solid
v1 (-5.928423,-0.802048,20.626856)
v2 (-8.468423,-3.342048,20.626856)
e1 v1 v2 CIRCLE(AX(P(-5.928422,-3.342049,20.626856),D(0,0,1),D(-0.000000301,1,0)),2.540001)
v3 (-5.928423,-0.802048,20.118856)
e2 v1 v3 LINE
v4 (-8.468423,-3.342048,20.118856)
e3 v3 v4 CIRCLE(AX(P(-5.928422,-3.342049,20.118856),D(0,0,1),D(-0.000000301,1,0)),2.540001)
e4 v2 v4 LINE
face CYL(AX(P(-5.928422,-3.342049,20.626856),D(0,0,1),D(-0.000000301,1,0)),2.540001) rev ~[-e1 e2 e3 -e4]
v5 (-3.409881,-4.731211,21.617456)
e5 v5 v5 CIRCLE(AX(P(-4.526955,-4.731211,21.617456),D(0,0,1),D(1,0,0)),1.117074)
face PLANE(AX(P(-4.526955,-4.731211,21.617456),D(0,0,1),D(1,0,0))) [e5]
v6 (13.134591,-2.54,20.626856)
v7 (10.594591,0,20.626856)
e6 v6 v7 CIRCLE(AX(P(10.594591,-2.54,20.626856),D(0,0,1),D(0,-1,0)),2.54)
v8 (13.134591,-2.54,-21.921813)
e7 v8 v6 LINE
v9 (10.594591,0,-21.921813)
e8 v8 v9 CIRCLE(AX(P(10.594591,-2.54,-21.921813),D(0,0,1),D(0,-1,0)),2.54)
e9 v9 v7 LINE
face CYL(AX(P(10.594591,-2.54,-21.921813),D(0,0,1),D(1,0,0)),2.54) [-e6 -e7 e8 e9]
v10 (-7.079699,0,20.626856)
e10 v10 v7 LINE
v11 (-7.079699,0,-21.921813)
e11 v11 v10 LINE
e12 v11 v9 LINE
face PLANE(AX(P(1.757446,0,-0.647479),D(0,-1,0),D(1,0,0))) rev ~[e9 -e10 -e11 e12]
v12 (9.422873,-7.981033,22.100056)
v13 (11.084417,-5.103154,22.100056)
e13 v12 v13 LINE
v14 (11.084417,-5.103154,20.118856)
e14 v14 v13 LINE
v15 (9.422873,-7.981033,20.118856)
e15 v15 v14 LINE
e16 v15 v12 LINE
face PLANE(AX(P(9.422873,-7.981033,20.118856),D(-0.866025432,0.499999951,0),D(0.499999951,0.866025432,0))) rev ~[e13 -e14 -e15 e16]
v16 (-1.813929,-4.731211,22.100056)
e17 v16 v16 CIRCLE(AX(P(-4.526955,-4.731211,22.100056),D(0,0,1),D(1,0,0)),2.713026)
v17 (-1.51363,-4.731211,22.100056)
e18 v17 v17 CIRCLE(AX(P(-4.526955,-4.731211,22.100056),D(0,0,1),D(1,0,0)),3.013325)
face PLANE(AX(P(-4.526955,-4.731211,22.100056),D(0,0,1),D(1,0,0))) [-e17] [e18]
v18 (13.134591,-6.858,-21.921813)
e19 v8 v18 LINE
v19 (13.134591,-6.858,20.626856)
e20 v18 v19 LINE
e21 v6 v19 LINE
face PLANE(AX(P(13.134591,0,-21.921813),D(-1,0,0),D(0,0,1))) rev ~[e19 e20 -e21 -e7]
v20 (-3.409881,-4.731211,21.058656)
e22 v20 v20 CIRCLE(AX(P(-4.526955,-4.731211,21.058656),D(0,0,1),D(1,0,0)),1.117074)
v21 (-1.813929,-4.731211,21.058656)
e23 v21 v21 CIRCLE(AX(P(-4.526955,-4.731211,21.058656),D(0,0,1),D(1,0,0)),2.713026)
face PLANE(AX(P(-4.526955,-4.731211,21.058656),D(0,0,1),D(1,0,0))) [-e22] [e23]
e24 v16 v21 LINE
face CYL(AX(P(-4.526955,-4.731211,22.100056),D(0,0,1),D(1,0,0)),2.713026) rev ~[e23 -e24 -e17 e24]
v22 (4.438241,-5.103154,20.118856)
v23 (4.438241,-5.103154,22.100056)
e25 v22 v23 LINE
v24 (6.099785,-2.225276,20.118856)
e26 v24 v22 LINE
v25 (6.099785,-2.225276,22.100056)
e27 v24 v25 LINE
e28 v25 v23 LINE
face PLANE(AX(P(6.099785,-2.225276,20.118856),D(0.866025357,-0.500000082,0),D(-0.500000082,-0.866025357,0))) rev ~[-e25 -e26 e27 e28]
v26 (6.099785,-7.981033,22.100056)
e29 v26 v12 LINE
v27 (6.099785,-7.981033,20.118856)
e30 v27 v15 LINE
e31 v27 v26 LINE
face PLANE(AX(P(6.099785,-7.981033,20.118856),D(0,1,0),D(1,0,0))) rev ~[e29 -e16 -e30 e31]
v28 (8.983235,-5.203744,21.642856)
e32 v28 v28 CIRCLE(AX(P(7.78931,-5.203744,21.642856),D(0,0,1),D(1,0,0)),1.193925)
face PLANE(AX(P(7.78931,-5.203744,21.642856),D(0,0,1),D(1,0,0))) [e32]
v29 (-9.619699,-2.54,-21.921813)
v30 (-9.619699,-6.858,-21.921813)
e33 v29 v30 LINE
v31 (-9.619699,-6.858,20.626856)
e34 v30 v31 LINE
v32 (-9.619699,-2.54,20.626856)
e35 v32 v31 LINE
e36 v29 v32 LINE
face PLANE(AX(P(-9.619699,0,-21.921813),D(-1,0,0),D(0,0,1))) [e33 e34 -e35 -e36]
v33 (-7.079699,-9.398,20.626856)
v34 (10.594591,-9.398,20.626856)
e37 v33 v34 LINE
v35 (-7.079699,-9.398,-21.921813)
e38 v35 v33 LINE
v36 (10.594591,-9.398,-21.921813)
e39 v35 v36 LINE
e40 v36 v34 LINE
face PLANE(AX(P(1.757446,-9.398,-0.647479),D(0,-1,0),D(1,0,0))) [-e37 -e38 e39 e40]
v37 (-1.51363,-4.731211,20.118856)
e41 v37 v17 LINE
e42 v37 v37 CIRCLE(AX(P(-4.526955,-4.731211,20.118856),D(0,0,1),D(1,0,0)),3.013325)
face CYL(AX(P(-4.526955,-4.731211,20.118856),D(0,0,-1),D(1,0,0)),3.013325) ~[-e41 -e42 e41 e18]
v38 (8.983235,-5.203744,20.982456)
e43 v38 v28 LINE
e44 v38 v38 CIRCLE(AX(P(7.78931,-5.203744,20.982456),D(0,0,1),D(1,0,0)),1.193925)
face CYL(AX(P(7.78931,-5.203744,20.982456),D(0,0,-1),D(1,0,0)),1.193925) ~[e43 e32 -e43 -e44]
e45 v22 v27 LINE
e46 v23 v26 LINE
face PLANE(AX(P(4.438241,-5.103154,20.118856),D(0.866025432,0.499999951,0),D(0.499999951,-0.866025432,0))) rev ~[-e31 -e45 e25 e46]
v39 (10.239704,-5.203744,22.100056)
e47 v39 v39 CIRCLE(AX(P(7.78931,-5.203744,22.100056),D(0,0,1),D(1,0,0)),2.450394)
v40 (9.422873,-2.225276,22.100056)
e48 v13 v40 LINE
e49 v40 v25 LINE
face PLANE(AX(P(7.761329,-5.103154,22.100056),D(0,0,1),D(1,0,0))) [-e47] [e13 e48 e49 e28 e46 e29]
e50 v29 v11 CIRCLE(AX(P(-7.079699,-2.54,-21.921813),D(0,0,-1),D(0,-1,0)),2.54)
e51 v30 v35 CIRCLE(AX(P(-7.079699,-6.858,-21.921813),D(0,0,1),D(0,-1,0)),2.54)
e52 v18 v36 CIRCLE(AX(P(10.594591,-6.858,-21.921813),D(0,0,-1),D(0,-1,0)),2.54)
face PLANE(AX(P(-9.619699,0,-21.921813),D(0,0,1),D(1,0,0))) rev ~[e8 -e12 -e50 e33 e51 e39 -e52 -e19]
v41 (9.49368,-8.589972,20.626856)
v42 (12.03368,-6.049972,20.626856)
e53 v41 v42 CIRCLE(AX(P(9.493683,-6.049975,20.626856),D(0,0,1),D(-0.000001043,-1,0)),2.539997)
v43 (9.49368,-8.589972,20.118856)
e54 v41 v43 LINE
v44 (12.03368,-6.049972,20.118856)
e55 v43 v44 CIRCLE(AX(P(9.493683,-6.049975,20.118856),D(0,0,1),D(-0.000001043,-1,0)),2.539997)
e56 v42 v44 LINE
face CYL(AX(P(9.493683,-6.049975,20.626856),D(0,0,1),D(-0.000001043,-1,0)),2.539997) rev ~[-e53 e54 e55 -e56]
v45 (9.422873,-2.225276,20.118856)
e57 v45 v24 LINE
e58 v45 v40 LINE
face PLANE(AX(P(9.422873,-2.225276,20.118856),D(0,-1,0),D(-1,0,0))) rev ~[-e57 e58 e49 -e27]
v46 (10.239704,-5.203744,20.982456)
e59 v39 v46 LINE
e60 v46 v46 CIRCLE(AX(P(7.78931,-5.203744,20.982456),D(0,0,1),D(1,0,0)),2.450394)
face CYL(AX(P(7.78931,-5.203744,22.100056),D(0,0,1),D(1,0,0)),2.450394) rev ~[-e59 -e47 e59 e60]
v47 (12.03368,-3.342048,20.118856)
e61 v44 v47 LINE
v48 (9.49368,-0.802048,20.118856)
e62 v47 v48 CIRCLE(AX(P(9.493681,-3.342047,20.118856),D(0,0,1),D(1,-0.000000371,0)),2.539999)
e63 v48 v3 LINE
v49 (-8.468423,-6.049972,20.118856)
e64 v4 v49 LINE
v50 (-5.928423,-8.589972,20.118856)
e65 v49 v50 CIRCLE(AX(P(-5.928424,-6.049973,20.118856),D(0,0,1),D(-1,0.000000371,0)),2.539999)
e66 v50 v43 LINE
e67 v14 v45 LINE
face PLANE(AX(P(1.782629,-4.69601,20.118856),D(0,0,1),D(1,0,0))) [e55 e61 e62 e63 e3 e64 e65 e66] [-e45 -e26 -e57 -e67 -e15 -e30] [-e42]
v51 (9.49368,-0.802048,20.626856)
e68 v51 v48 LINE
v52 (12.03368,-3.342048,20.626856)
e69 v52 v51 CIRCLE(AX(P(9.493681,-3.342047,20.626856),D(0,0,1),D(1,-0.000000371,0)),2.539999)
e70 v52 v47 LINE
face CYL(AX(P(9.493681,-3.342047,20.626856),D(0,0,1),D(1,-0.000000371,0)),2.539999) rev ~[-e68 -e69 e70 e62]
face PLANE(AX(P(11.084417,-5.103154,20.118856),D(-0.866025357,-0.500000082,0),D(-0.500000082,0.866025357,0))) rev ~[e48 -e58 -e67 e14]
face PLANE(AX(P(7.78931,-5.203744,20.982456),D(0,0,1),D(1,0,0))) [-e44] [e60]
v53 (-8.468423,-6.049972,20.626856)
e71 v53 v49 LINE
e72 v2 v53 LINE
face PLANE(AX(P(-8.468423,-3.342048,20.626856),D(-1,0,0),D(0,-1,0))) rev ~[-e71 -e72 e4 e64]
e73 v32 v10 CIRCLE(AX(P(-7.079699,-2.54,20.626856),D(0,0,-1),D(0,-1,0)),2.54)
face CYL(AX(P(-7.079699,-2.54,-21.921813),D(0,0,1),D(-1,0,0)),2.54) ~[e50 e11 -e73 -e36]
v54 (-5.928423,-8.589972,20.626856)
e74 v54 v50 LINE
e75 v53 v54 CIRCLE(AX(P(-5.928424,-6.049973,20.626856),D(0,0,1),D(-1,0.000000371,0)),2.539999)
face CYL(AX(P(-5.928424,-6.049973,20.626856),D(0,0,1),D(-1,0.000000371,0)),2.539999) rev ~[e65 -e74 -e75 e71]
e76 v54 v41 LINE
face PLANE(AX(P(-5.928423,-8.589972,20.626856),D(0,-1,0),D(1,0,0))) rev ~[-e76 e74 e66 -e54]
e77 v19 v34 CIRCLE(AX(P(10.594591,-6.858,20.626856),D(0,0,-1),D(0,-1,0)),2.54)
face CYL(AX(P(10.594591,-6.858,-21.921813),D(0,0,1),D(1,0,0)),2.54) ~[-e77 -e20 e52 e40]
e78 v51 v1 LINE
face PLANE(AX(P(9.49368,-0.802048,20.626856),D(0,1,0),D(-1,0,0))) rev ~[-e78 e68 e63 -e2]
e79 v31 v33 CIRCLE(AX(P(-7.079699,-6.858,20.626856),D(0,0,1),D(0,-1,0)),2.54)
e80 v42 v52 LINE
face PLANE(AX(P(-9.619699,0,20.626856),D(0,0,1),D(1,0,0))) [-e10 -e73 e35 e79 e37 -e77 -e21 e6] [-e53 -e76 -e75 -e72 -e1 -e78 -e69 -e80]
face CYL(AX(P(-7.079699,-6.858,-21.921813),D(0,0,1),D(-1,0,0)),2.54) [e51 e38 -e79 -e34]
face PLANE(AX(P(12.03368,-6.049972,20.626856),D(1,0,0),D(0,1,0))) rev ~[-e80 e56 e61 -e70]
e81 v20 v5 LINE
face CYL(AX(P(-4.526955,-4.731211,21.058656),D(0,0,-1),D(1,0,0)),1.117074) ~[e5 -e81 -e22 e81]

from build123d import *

# Parameters (mm, degrees)
F0_W      = 22.75429
F0_H      = 42.548669
F1_DEPTH  = 9.398
F2_R      = 2.54
F4_DEPTH  = 0.508
F6_DEPTH  = 1.9812
F7_R      = 3.013325
F8_DEPTH  = 1.9812
F9_R      = 2.713026
F10_DEPTH = 1.0414
F11_R     = 1.117074
F12_DEPTH = 0.5588
F13_R     = 2.450394
F14_DEPTH = 1.1176
F15_R     = 1.193925
F16_DEPTH = 0.6604


with BuildPart() as f1:
    # F0 (on Front) → F1 (new body)
    with BuildSketch(Plane.XZ):
        with Locations((1.757446, -0.647479)):
            Rectangle(F0_W, F0_H)
    extrude(amount=F1_DEPTH)

    # F2
    f2_edges = [f1.edges().sort_by_distance(p)[0] for p in [
        (13.134591, -9.398, -0.647479),
        (-9.619699, -9.398, -0.647479),
        (13.134591, 0, -0.647479),
        (-9.619699, 0, -0.647479),
    ]]
    fillet(f2_edges, radius=F2_R)

    # F3 (on face) → F4 (cut)
    with BuildSketch(Plane.XY.offset(20.626856)):
        with BuildLine():
            Line((9.49368, -0.802048), (-5.928423, -0.802048))
            ThreePointArc((-5.928423, -0.802048), (-7.724474, -1.545997), (-8.468423, -3.342048))
            Line((-8.468423, -3.342048), (-8.468423, -6.049972))
            ThreePointArc((-8.468423, -6.049972), (-7.724474, -7.846024), (-5.928423, -8.589972))
            Line((-5.928423, -8.589972), (9.49368, -8.589972))
            ThreePointArc((9.49368, -8.589972), (11.289732, -7.846024), (12.03368, -6.049972))
            Line((12.03368, -6.049972), (12.03368, -3.342048))
            ThreePointArc((12.03368, -3.342048), (11.289732, -1.545997), (9.49368, -0.802048))
        make_face()
    extrude(amount=-F4_DEPTH, mode=Mode.SUBTRACT)

    # F5 (on face) → F6 (join)
    with BuildSketch(Plane.XY.offset(20.118856)):
        Polygon((9.422873, -2.225276), (6.099785, -2.225276), (4.438241, -5.103154), (6.099785, -7.981033), (9.422873, -7.981033), (11.084417, -5.103154), align=None)
    extrude(amount=F6_DEPTH)

    # F7 (on face) → F8 (join)
    with BuildSketch(Plane.XY.offset(20.118856)):
        with Locations((-4.526955, -4.731211)):
            Circle(F7_R)
    extrude(amount=F8_DEPTH)

    # F9 (on face) → F10 (cut)
    with BuildSketch(Plane.XY.offset(22.100056)):
        with Locations((-4.526955, -4.731211)):
            Circle(F9_R)
    extrude(amount=-F10_DEPTH, mode=Mode.SUBTRACT)

    # F11 (on face) → F12 (join)
    with BuildSketch(Plane.XY.offset(21.058656)):
        with Locations((-4.526955, -4.731211)):
            Circle(F11_R)
    extrude(amount=F12_DEPTH)

    # F13 (on face) → F14 (cut)
    with BuildSketch(Plane.XY.offset(22.100056)):
        with Locations((7.78931, -5.203744)):
            Circle(F13_R)
    extrude(amount=-F14_DEPTH, mode=Mode.SUBTRACT)

    # F15 (on face) → F16 (join)
    with BuildSketch(Plane.XY.offset(20.982456)):
        with Locations((7.78931, -5.203744)):
            Circle(F15_R)
    extrude(amount=F16_DEPTH)


solid = f1.part
